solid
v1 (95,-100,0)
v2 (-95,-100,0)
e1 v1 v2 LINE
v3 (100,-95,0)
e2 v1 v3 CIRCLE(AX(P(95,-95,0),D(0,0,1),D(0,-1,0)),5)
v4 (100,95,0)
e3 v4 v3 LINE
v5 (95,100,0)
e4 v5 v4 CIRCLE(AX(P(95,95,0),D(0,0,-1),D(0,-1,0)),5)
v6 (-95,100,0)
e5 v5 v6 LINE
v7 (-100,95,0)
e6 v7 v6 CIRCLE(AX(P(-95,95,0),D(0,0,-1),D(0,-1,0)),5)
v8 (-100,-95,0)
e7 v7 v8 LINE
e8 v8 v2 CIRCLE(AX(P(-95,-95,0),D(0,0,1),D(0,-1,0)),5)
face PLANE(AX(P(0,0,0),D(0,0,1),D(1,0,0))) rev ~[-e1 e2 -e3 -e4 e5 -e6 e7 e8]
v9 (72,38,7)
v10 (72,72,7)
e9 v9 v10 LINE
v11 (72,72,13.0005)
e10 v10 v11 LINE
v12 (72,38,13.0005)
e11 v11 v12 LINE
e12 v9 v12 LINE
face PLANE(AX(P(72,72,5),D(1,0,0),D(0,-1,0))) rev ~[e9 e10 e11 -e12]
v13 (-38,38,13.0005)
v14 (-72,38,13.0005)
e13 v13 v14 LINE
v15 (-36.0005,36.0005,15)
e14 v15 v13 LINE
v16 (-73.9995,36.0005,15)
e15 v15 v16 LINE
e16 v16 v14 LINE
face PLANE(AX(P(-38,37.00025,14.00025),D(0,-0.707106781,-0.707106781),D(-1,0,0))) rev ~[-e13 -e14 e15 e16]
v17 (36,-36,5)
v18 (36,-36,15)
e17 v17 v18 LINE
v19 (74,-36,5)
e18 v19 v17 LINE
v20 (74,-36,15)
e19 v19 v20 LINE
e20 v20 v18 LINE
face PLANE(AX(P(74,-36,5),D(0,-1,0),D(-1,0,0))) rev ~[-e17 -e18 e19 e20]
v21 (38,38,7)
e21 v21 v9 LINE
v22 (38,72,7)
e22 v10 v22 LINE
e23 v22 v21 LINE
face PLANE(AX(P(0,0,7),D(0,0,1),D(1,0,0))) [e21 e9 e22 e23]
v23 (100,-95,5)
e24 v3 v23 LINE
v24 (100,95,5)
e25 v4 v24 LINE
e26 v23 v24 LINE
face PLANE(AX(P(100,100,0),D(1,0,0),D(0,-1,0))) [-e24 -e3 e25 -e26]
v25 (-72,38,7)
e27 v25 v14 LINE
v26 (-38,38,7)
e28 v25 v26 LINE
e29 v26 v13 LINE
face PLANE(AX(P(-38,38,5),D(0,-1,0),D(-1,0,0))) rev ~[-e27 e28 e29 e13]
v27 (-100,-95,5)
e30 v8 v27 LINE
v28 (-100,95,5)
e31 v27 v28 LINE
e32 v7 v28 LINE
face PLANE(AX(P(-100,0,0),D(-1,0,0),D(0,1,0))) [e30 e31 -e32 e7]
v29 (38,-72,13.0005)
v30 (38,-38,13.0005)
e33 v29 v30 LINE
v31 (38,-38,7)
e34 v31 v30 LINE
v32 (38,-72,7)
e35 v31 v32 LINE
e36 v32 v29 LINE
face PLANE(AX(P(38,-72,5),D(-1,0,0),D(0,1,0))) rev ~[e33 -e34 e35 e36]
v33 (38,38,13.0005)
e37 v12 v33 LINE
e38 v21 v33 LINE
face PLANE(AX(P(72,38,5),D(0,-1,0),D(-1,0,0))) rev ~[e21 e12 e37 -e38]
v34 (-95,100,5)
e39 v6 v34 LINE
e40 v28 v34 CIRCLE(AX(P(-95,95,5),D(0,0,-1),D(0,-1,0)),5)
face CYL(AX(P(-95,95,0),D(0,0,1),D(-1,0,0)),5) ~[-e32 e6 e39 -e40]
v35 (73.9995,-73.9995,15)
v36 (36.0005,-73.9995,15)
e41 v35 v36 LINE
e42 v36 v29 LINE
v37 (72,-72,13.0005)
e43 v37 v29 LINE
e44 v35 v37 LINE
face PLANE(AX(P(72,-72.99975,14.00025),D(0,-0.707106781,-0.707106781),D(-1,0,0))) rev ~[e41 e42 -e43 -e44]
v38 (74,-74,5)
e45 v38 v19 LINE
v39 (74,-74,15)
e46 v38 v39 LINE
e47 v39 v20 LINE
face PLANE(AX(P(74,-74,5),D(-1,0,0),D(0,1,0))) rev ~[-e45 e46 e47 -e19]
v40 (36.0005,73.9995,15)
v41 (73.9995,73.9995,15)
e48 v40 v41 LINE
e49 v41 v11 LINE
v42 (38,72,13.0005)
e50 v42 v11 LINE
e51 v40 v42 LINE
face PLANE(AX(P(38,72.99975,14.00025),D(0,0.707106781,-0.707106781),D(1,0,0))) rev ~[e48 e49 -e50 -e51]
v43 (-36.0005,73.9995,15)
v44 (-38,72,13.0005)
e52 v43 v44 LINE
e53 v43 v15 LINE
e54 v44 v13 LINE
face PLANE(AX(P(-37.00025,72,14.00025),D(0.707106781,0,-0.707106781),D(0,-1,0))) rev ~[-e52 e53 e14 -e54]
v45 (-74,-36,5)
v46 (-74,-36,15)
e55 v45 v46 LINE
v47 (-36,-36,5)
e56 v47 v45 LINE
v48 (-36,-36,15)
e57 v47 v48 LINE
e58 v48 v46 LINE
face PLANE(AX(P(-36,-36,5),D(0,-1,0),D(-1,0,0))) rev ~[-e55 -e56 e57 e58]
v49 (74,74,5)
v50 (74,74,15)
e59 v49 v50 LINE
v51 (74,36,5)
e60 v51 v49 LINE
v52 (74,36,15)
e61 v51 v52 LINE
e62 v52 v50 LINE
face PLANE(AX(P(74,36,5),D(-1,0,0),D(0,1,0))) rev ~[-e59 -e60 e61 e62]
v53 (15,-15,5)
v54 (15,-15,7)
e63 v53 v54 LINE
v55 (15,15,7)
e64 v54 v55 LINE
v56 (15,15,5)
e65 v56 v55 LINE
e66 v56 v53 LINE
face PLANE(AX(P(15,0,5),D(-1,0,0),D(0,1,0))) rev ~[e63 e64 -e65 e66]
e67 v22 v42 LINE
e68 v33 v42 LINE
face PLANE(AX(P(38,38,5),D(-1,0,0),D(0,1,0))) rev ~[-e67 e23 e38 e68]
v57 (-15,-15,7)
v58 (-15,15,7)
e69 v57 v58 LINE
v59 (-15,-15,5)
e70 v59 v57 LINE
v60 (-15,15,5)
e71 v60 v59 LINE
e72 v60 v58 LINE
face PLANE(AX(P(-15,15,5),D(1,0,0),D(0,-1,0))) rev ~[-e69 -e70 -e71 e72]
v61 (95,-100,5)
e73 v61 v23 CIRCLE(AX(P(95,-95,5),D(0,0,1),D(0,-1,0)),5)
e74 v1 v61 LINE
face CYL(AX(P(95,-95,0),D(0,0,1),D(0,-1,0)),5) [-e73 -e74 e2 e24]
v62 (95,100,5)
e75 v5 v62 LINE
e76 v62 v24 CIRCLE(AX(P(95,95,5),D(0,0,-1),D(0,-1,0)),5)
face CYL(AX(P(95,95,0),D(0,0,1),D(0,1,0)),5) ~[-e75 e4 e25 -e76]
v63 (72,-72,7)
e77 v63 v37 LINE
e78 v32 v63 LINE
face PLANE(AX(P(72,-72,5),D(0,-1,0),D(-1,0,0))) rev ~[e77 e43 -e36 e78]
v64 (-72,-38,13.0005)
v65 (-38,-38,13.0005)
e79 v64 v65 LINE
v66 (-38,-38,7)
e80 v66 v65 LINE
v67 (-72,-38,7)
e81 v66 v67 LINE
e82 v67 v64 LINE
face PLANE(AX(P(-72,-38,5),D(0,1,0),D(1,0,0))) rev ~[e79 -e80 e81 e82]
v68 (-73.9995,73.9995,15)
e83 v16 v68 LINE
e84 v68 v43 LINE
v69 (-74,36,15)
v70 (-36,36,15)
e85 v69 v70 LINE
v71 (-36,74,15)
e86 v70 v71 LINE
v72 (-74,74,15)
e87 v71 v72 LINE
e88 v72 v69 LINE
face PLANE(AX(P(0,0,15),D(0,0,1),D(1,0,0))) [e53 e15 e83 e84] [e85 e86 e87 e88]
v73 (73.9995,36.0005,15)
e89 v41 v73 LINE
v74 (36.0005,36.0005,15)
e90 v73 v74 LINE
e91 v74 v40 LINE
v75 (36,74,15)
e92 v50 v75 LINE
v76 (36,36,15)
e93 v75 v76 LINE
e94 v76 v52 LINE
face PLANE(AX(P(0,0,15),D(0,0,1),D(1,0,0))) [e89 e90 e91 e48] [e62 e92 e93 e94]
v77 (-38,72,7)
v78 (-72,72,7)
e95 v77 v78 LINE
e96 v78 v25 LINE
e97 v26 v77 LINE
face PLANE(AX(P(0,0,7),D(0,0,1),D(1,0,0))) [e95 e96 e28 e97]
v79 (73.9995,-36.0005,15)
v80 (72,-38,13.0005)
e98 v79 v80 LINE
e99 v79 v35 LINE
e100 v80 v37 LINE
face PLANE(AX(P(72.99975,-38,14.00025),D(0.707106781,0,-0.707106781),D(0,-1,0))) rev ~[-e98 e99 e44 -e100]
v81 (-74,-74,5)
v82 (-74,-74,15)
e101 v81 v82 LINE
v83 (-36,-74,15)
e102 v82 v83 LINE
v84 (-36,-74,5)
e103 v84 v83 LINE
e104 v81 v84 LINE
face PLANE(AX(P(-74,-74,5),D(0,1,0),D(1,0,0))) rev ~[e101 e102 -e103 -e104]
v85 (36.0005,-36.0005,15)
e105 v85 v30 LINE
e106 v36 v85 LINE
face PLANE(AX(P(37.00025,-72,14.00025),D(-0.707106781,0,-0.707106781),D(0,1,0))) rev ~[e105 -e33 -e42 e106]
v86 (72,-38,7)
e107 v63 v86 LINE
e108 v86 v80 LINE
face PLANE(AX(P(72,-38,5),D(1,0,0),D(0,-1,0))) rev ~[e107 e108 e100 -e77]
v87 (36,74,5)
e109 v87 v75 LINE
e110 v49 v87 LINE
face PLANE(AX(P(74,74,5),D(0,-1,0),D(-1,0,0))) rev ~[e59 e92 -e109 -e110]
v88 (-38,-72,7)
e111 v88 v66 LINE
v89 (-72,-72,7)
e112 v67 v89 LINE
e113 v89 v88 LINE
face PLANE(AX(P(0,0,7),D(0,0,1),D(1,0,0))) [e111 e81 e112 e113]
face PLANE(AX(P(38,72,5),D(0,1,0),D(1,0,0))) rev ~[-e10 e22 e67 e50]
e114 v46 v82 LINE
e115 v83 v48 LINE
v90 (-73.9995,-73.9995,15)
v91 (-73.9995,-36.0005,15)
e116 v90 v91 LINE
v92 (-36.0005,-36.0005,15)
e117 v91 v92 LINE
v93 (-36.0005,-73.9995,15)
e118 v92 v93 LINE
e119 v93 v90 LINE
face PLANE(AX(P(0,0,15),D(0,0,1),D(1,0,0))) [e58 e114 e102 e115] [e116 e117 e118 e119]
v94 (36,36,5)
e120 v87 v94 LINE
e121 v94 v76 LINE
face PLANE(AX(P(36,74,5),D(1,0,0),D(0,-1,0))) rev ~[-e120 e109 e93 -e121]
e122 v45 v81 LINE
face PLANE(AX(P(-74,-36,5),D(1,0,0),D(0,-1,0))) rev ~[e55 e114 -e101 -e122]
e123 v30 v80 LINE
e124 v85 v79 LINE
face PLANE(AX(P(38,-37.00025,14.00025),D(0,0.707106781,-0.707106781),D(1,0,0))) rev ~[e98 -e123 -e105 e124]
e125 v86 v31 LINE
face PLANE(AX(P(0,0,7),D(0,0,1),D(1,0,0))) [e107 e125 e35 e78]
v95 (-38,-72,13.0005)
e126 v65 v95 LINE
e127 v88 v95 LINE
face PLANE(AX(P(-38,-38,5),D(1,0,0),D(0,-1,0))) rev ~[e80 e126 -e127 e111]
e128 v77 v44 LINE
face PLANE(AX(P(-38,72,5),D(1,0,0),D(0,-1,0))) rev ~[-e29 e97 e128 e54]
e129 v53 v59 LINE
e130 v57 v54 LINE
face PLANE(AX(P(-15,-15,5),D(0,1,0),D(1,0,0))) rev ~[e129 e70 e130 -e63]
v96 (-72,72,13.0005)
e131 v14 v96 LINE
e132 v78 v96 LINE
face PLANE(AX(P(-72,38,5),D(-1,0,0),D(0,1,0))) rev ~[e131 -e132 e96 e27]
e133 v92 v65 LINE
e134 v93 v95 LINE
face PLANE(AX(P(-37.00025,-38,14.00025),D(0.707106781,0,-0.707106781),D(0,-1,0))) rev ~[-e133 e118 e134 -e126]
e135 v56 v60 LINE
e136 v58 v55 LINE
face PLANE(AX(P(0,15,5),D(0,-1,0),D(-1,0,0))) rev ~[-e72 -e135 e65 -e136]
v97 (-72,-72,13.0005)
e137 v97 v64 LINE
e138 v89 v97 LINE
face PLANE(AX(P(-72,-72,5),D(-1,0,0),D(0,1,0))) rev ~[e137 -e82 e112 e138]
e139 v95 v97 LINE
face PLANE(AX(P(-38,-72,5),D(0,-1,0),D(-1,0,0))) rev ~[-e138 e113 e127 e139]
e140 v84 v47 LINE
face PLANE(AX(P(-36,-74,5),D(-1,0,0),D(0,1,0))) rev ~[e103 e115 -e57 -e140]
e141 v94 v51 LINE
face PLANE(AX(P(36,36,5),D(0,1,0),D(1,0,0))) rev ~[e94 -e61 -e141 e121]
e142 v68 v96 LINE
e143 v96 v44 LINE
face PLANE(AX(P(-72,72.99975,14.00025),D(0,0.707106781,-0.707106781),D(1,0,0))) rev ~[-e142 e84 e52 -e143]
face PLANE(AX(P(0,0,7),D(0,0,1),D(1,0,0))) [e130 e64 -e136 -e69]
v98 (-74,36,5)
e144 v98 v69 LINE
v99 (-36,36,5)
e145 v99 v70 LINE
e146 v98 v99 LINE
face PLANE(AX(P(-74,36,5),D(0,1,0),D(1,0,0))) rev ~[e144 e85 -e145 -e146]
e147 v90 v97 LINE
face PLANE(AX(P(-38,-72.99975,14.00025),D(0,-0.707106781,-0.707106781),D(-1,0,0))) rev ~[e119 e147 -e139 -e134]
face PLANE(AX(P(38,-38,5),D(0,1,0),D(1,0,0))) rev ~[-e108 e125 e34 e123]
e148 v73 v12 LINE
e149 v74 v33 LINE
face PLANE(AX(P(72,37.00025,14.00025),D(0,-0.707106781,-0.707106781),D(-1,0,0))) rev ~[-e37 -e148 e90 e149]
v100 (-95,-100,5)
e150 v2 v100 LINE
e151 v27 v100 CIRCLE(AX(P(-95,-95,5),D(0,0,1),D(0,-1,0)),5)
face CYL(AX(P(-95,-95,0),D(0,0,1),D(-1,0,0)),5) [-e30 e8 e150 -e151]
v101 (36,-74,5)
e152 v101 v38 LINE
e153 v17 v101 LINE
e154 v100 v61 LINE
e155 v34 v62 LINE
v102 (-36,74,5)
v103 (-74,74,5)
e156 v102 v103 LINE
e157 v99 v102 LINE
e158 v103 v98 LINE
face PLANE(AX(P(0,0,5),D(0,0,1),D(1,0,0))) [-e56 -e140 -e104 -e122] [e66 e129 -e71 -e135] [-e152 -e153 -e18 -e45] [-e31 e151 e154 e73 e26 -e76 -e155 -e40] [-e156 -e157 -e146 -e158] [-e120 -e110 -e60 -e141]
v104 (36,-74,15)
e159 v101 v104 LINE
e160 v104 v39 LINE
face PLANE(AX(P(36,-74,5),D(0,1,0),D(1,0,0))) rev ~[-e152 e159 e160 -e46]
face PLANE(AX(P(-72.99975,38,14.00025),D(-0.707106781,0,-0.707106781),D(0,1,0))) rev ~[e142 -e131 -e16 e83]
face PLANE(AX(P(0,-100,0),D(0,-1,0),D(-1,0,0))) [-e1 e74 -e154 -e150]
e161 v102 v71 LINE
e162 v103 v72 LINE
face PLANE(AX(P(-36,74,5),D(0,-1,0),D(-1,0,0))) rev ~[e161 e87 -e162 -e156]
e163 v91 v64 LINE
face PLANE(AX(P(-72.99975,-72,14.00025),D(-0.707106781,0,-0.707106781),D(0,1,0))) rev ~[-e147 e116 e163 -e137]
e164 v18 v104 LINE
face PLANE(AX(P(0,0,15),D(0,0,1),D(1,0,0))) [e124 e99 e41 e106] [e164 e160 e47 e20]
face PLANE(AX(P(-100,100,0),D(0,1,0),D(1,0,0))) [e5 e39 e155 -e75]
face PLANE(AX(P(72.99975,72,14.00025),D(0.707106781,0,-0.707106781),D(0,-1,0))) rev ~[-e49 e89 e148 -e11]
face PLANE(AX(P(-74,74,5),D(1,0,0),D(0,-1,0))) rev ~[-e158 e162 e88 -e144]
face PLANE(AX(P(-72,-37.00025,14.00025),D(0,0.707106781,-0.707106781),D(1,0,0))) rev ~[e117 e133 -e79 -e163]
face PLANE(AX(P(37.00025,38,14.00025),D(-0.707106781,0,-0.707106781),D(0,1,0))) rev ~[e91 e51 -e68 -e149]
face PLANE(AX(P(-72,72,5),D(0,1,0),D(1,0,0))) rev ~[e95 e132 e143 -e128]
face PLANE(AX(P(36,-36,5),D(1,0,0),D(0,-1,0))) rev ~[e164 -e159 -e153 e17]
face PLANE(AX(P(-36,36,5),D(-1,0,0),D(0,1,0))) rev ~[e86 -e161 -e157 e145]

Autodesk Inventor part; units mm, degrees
ref_plane "YZ Plane" through (0, 0, 0) normal (1, 0, 0) x (0, 1, 0)
ref_plane "XZ Plane" through (0, 0, 0) normal (0, 1, 0) x (-1, 0, 0)
ref_plane "XY Plane" through (0, 0, 0) normal (0, 0, 1) x (1, 0, 0)
sketch "Náčrt1" plane through (0, 0, 0) normal (0, 0, 1) x (1, 0, 0)
  line L0 (-140, 0) -> (140, 0) projected
  line L1 (0, -140) -> (0, 140) projected
  line L2 (-100, 100) -> (100, 100)
  line L3 (100, 100) -> (100, -100)
  line L4 (100, -100) -> (-100, -100)
  line L5 (-100, -100) -> (-100, 100)
  point P0 (0, 0)
  point P1 (0, 100)
  point P2 (100, 0)
  dimension "d0" = 200
  dimension "d1" = 200
extrude "Vysunutí1" add sketch "Náčrt1" along normal blind 5
fillet "Zaoblení1" radius 5 4 edges at (100, 100, 2.5) (-100, 100, 2.5) (-100, -100, 2.5) (100, -100, 2.5)
sketch "Náčrt2" plane through (0, 0, 5) normal (0, 0, 1) x (1, 0, 0)
  line L0 (-100, 95) -> (-100, -95) projected
  line L1 (-95, -100) -> (95, -100) projected
  arc A0 (95, -100) -> (100, -95) centre (95, -95) ccw projected
  line L2 (100, -95) -> (100, 95) projected
  arc A1 (100, 95) -> (95, 100) centre (95, 95) ccw projected
  line L3 (95, 100) -> (-95, 100) projected
  arc A2 (-95, 100) -> (-100, 95) centre (-95, 95) ccw projected
  line L4 (-100, 95) -> (-100, -95) projected
  arc A3 (-100, -95) -> (-95, -100) centre (-95, -95) ccw projected
  line L5 (-95, -100) -> (95, -100) projected
  line L6 (-141.4497, 0) -> (141.4497, 0) projected
  line L7 (0, -141.4497) -> (0, 141.4497) projected
  line L8 (-15, -15) -> (15, -15)
  line L9 (15, -15) -> (15, 15)
  line L10 (15, 15) -> (-15, 15)
  line L11 (-15, 15) -> (-15, -15)
  line L12 (-72, -72) -> (-38, -72)
  line L13 (-38, -72) -> (-38, -38)
  line L14 (-38, -38) -> (-72, -38)
  line L15 (-72, -38) -> (-72, -72)
  line L16 (-72, 38) -> (-38, 38)
  line L17 (-72, 72) -> (-72, 38)
  line L18 (-38, 72) -> (-72, 72)
  line L19 (-38, 38) -> (-38, 72)
  line L20 (38, -72) -> (72, -72)
  line L21 (38, -38) -> (38, -72)
  line L22 (72, -38) -> (38, -38)
  line L23 (72, -72) -> (72, -38)
  line L24 (38, 38) -> (72, 38)
  line L25 (38, 72) -> (38, 38)
  line L26 (72, 72) -> (38, 72)
  line L27 (72, 38) -> (72, 72)
  point P0 (0, 0)
  point P1 (-15, 0)
  point P2 (0, 15)
  dimension "d5" = 30
  dimension "d6" = 30
  dimension "d8" = 34
  dimension "d9" = 34
  dimension "d10" = 28
  dimension "d11" = 28
  dimension "d14" = 110
  dimension "d17" = 110
extrude "Vysunutí2" add sketch "Náčrt2" along normal blind 2 contours L11 L10 L7 L6 | L6 L7 L8 L11 | L7 L10 L9 L6 | L6 L9 L8 L7 | L15 L14 L13 L12 | L17 L18 L19 L16 | L21 L22 L23 L20 | L25 L26 L27 L24
sketch "Náčrt4" plane through (0, 0, 5) normal (0, 0, 1) x (1, 0, 0)
  line L0 (-38, 38) -> (-72, 38) projected
  line L1 (-72, 38) -> (-72, 72) projected
  line L2 (-72, 72) -> (-38, 72) projected
  line L3 (-38, 72) -> (-38, 38) projected
  line L4 (72, 38) -> (38, 38) projected
  line L5 (38, 38) -> (38, 72) projected
  line L6 (38, 72) -> (72, 72) projected
  line L7 (72, 72) -> (72, 38) projected
  line L8 (-15, 15) -> (15, 15) projected
  line L9 (15, 15) -> (15, -15) projected
  line L10 (15, -15) -> (-15, -15) projected
  line L11 (-15, -15) -> (-15, 15) projected
  line L12 (72, -72) -> (38, -72) projected
  line L13 (38, -72) -> (38, -38) projected
  line L14 (38, -38) -> (72, -38) projected
  line L15 (72, -38) -> (72, -72) projected
  line L16 (-38, -38) -> (-38, -72) projected
  line L17 (-38, -72) -> (-72, -72) projected
  line L18 (-72, -72) -> (-72, -38) projected
  line L19 (-72, -38) -> (-38, -38) projected
  arc A0 (95, -100) -> (100, -95) centre (95, -95) ccw projected
  line L20 (100, -95) -> (100, 95) projected
  arc A1 (100, 95) -> (95, 100) centre (95, 95) ccw projected
  line L21 (95, 100) -> (-95, 100) projected
  arc A2 (-95, 100) -> (-100, 95) centre (-95, 95) ccw projected
  line L22 (-100, 95) -> (-100, -95) projected
  arc A3 (-100, -95) -> (-95, -100) centre (-95, -95) ccw projected
  line L23 (-95, -100) -> (95, -100) projected
  line L24 (-38, -38) -> (-72, -38) projected
  line L25 (-72, -38) -> (-72, -72) projected
  line L26 (-72, -72) -> (-38, -72) projected
  line L27 (-38, -72) -> (-38, -38) projected
  line L28 (-15, 15) -> (-15, -15) projected
  line L29 (-15, -15) -> (15, -15) projected
  line L30 (15, -15) -> (15, 15) projected
  line L31 (15, 15) -> (-15, 15) projected
  line L32 (-38, 72) -> (-72, 72) projected
  line L33 (-38, 38) -> (-38, 72) projected
  line L34 (-38, 72) -> (-72, 72) projected
  line L35 (-72, 72) -> (-72, 38) projected
  line L36 (-72, 38) -> (-38, 38) projected
  line L37 (72, 38) -> (72, 72) projected
  line L38 (72, 72) -> (38, 72) projected
  line L39 (38, 72) -> (38, 38) projected
  line L40 (38, 38) -> (72, 38) projected
  line L41 (72, -72) -> (72, -38) projected
  line L42 (72, -38) -> (38, -38) projected
  line L43 (38, -38) -> (38, -72) projected
  line L44 (38, -72) -> (72, -72) projected
  line L45 (0, -141.4497) -> (0, 141.4497) projected
  line L46 (-141.4497, 0) -> (141.4497, 0) projected
  line L47 (-74, -74) -> (-36, -74)
  line L48 (-36, -74) -> (-36, -36)
  line L49 (-36, -36) -> (-74, -36)
  line L50 (-74, -36) -> (-74, -74)
  line L51 (-36, 36) -> (-36, 74)
  line L52 (-74, 36) -> (-36, 36)
  line L53 (-36, 74) -> (-74, 74)
  line L54 (-74, 74) -> (-74, 36)
  line L55 (74, -74) -> (74, -36)
  line L56 (36, -74) -> (74, -74)
  line L57 (74, -36) -> (36, -36)
  line L58 (36, -36) -> (36, -74)
  line L59 (74, 36) -> (74, 74)
  line L60 (36, 36) -> (74, 36)
  line L61 (74, 74) -> (36, 74)
  line L62 (36, 74) -> (36, 36)
  point P0 (0, 0)
  dimension "d22" = 38
  dimension "d23" = 38
  dimension "d24" = 2
  dimension "d25" = 2
  dimension "d28" = 110
  dimension "d31" = 110
extrude "Vysunutí3" add sketch "Náčrt4" along normal blind 10 contours L50 L49 L48 L47 | L52 L54 L53 L51 | L56 L58 L57 L55 | L60 L62 L61 L59
chamfer "Zkosení1" distance 2 angle 45 16 edges at (-55, -72, 15) (-72, -55, 15) (-55, -38, 15) (-38, -55, 15) (-55, 38, 15) (-72, 55, 15) (-55, 72, 15) (-38, 55, 15) (38, -55, 15) (55, -38, 15) (55, -72, 15) (72, -55, 15) (55, 38, 15) (38, 55, 15) (55, 72, 15) (72, 55, 15)
properties part number "testovaci_podlozka"
